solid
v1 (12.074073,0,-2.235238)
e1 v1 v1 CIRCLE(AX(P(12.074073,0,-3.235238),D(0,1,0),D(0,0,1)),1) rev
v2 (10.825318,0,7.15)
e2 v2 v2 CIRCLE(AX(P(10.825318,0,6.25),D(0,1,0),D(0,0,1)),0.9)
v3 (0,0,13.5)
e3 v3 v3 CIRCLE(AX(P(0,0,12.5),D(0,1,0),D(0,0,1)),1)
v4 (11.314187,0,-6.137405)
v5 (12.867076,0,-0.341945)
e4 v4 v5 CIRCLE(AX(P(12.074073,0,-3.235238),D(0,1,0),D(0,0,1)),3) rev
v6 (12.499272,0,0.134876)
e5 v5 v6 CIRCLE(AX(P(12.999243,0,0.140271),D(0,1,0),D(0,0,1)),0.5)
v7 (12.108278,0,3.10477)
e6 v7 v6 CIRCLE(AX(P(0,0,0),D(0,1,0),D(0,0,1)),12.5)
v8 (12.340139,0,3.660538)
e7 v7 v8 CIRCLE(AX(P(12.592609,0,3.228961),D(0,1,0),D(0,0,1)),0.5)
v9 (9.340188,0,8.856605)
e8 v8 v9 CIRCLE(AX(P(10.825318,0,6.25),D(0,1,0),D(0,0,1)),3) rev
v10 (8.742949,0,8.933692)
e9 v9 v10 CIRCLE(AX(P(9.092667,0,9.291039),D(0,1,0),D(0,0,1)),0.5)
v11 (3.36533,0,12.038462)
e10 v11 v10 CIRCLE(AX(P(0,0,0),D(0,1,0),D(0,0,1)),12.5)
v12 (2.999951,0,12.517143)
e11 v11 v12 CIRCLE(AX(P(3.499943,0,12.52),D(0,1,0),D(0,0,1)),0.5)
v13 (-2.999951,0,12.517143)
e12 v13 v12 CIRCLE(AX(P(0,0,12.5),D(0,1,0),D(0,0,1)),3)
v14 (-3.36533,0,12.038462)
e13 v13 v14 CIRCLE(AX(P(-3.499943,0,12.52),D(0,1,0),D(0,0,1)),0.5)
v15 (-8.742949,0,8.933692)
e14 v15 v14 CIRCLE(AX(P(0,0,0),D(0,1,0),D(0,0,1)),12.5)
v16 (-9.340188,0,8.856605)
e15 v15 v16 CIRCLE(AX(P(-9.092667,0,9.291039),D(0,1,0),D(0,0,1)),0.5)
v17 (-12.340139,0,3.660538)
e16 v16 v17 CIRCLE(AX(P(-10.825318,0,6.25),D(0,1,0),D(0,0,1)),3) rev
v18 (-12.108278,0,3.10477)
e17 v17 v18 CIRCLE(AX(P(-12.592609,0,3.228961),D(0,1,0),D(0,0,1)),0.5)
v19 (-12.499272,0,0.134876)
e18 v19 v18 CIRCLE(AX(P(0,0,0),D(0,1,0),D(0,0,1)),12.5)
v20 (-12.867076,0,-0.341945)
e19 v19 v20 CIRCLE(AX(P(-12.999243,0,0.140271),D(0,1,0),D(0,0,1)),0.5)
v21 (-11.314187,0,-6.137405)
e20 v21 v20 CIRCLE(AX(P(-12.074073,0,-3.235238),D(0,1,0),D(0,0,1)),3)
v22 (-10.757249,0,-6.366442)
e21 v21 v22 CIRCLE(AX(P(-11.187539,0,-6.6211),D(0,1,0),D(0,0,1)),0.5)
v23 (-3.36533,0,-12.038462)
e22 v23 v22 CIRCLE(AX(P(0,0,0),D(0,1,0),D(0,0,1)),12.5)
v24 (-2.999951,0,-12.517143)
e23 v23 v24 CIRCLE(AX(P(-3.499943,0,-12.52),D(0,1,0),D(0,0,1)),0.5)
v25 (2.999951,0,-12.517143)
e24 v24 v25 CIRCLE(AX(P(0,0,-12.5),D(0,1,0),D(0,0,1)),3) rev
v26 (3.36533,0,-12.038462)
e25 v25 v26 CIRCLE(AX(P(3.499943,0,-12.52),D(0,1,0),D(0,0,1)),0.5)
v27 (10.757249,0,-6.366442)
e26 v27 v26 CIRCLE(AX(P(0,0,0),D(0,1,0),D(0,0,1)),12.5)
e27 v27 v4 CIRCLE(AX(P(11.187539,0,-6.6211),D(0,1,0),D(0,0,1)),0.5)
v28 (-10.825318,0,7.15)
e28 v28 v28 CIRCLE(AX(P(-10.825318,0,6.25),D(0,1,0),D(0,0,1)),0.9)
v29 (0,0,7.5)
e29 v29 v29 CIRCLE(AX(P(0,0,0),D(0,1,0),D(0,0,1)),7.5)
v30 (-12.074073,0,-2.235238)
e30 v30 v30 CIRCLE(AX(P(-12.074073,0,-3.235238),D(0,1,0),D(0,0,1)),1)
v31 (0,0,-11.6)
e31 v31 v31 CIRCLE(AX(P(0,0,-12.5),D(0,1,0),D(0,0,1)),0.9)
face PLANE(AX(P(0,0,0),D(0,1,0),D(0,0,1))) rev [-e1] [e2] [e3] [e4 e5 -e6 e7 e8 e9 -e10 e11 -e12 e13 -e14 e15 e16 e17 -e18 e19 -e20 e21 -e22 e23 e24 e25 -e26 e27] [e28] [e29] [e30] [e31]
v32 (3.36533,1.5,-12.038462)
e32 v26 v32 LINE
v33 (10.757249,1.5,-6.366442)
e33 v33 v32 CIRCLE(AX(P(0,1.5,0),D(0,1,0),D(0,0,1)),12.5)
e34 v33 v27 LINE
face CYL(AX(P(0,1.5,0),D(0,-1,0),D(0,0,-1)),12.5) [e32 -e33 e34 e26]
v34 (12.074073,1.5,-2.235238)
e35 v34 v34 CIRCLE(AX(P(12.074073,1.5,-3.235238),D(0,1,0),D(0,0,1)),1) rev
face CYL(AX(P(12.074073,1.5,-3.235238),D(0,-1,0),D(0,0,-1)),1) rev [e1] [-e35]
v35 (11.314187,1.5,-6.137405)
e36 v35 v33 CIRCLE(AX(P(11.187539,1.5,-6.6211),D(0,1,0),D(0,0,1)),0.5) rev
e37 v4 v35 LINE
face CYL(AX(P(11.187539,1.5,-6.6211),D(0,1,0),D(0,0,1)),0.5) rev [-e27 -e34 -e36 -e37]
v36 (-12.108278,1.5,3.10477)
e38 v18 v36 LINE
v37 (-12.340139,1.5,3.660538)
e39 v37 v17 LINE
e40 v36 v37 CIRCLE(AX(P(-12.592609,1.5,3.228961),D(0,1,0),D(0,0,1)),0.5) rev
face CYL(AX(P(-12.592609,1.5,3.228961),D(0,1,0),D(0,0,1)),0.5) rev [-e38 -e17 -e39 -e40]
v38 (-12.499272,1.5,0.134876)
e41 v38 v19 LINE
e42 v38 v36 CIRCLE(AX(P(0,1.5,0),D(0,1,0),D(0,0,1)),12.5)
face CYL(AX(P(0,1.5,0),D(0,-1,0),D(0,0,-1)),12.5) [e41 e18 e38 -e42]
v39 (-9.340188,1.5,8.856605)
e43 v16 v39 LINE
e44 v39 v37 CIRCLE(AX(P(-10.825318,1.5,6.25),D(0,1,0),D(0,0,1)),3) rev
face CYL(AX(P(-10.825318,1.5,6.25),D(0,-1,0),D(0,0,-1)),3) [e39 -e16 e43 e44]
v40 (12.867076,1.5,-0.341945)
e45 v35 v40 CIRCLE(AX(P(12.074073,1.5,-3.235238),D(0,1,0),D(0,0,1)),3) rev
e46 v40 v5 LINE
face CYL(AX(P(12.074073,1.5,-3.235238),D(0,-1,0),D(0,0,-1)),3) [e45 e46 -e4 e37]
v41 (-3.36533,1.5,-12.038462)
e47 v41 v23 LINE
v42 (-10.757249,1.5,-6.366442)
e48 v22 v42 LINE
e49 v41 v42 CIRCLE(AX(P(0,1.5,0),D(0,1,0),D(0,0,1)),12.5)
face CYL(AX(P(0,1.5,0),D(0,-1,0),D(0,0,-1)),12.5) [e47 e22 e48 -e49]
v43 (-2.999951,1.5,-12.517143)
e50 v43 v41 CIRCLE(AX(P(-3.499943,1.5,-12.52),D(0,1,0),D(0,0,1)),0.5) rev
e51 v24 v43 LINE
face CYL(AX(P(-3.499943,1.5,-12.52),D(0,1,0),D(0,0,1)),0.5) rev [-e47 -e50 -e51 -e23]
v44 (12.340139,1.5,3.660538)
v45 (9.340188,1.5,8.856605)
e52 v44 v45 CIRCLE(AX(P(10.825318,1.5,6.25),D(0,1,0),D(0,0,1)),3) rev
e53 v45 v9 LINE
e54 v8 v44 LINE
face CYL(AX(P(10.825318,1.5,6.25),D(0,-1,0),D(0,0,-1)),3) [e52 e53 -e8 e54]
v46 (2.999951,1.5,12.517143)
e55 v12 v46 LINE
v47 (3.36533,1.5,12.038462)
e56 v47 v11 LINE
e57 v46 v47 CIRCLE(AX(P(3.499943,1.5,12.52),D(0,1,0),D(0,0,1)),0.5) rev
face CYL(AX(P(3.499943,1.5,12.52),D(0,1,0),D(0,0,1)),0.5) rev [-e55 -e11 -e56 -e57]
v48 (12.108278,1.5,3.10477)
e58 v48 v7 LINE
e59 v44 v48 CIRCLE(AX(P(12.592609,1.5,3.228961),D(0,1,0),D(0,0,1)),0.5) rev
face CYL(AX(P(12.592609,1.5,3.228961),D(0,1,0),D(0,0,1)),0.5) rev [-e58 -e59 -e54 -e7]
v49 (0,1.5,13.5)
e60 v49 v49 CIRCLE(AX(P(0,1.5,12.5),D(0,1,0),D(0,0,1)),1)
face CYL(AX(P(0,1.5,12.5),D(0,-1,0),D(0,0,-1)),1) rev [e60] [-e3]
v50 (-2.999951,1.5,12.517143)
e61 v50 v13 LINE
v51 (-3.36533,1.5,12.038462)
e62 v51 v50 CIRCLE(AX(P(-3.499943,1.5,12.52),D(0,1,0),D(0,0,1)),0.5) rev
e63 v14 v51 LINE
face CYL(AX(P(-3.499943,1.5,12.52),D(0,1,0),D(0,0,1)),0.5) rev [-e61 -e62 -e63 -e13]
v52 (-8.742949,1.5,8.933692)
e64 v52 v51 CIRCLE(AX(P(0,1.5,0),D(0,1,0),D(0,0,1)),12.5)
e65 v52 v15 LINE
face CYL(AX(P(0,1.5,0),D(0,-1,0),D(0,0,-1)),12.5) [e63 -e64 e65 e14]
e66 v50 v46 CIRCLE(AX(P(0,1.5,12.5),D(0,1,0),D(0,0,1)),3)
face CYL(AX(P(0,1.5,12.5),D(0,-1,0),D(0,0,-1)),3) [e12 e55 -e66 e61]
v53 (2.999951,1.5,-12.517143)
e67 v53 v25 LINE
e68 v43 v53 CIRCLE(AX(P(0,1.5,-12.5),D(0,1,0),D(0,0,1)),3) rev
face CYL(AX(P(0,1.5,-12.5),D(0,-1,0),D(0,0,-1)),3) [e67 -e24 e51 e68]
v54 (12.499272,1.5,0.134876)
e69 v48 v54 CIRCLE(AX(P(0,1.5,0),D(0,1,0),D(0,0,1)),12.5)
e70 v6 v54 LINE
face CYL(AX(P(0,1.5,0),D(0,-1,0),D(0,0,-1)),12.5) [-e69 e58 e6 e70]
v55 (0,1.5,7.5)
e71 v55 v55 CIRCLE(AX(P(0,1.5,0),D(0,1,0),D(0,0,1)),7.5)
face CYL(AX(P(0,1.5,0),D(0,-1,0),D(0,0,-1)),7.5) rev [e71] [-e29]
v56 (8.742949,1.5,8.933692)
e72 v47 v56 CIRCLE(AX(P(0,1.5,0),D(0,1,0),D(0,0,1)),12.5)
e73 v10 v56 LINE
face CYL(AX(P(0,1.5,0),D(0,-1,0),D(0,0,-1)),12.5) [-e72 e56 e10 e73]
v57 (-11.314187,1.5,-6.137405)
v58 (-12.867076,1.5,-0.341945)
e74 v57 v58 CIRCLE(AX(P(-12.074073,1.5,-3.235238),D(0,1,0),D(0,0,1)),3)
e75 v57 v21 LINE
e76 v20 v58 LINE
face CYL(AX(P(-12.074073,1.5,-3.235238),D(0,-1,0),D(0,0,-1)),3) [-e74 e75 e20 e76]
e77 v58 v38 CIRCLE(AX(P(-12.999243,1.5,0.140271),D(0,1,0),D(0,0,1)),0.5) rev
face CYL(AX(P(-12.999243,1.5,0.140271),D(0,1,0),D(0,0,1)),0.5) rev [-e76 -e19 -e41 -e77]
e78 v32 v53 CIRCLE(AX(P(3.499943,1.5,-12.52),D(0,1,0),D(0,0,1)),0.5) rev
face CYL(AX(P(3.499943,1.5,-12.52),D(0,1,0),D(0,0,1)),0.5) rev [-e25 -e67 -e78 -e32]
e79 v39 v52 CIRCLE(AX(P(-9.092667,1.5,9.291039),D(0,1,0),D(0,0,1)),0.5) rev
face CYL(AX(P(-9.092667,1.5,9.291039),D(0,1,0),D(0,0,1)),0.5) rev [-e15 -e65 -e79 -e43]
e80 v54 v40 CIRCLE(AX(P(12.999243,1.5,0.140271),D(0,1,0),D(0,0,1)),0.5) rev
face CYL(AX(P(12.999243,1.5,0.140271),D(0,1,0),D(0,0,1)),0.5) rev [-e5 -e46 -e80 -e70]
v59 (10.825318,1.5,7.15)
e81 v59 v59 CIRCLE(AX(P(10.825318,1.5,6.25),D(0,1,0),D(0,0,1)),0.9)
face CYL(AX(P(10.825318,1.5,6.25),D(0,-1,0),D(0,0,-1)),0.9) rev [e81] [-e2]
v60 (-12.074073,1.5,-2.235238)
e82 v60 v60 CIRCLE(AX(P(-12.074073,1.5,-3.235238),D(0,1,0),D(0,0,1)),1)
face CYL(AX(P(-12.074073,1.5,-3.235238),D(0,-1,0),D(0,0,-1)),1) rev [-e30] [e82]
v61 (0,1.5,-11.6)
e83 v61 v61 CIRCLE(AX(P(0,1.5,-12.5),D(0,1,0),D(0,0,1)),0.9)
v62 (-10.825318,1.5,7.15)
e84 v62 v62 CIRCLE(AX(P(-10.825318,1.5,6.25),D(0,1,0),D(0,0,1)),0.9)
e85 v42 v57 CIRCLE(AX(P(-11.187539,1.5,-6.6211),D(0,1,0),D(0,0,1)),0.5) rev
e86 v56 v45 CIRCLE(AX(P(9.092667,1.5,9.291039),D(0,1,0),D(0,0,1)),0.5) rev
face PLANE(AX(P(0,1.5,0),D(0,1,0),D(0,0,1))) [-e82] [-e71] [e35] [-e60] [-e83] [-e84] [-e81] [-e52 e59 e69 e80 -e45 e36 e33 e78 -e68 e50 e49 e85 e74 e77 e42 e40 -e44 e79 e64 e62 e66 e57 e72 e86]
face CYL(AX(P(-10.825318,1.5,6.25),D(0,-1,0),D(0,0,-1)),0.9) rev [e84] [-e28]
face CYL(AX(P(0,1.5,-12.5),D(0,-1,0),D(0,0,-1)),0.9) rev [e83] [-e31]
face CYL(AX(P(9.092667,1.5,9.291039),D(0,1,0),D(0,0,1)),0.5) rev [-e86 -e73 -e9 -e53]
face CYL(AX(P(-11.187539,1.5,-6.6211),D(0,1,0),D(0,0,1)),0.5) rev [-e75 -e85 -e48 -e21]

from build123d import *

# Parameters (mm, degrees)
BOSS_EXTRUDE1_DEPTH = 1.5
FILLET1_R           = 0.5


with BuildPart() as part:
    # Sketch1 → Boss-Extrude1 (new body)
    with BuildSketch(Plane(origin=(0, 0, 0), x_dir=(1, 0, 0), z_dir=(0, 1, 0))):
        with BuildLine():
            ThreePointArc((0.899416611, 12.4676), (1.956802124, 12.345886985), (3, 12.1346611))
            Line((3, 12.1346611), (3, 12.5))
            ThreePointArc((3, 12.5), (0, 15.5), (-3, 12.5))
            Line((-3, 12.5), (-3, 12.1346611))
            ThreePointArc((-3, 12.1346611), (-1.956802124, 12.345886985), (-0.899416611, 12.4676))
            ThreePointArc((-0.899416611, 12.4676), (-0.016202626, 13.399854141), (0.9, 12.5))
            ThreePointArc((0.9, 12.5), (0.899854141, 12.483797374), (0.899416611, 12.4676))
        make_face()
        with BuildLine():
            ThreePointArc((-3, 6.873863542), (0, 7.5), (3, 6.873863542))
            Line((3, 6.873863542), (3, 12.1346611))
            ThreePointArc((3, 12.1346611), (1.956802124, 12.345886985), (0.899416611, 12.4676))
            ThreePointArc((0.899416611, 12.4676), (0, 11.6), (-0.899416611, 12.4676))
            ThreePointArc((-0.899416611, 12.4676), (-1.956802124, 12.345886985), (-3, 12.1346611))
            Line((-3, 12.1346611), (-3, 6.873863542))
        make_face()
        with BuildLine():
            Line((3, 12.1346611), (3, 6.873863542))
            ThreePointArc((3, 6.873863542), (4.565710718, 5.950150052), (5.863185187, 4.676864277))
            Line((5.863185187, 4.676864277), (10.944725414, 6.038458877))
            ThreePointArc((10.944725414, 6.038458877), (7.609517863, 9.916916754), (3, 12.1346611))
        make_face()
        with BuildLine():
            ThreePointArc((7.5, 0), (7.48822587, -0.420087268), (7.45294045, -0.83885556))
            Line((7.45294045, -0.83885556), (7.772310826, -1.023244132))
            Line((7.772310826, -1.023244132), (12.497639685, 0.24290392))
            ThreePointArc((12.497639685, 0.24290392), (12.43679381, 1.255451998), (12.294047703, 2.259732526))
            ThreePointArc((12.294047703, 2.259732526), (11.108147002, 2.976419019), (11.776823889, 4.190038078))
            ThreePointArc((11.776823889, 4.190038078), (11.39830538, 5.131143582), (10.944725414, 6.038458877))
            Line((10.944725414, 6.038458877), (5.863185187, 4.676864277))
            ThreePointArc((5.863185187, 4.676864277), (7.078979054, 2.477509949), (7.5, 0))
        make_face()
        with BuildLine():
            ThreePointArc((12.294047703, 2.259732526), (12.43679381, 1.255451998), (12.497639685, 0.24290392))
            Line((12.497639685, 0.24290392), (12.850529964, 0.337460585))
            ThreePointArc((12.850529964, 0.337460585), (14.971850307, 4.011695199), (11.297615693, 6.133015543))
            Line((11.297615693, 6.133015543), (10.944725414, 6.038458877))
            ThreePointArc((10.944725414, 6.038458877), (11.39830538, 5.131143582), (11.776823889, 4.190038078))
            ThreePointArc((11.776823889, 4.190038078), (12.666842202, 4.040610319), (13.074072829, 3.235238064))
            ThreePointArc((13.074072829, 3.235238064), (12.855089754, 2.610728206), (12.294047703, 2.259732526))
        make_face()
        with BuildLine():
            Line((12.497639685, 0.24290392), (7.772310826, -1.023244132))
            Line((7.772310826, -1.023244132), (12.008924778, -3.469254338))
            ThreePointArc((12.008924778, -3.469254338), (12.376622312, -1.751918986), (12.5, 0))
            ThreePointArc((12.5, 0), (12.499409907, 0.121457693), (12.497639685, 0.24290392))
        make_face()
        with BuildLine():
            ThreePointArc((7.45294045, -0.83885556), (7.43583646, -0.978946442), (7.416099457, -1.118690681))
            Line((7.416099457, -1.118690681), (7.772310826, -1.023244132))
            Line((7.772310826, -1.023244132), (7.45294045, -0.83885556))
        make_face()
        with BuildLine():
            Line((7.772310826, -1.023244132), (7.416099457, -1.118690681))
            ThreePointArc((7.416099457, -1.118690681), (6.42347811, -3.871553818), (4.45294045, -6.035007983))
            Line((4.45294045, -6.035007983), (9.008924778, -8.665406761))
            ThreePointArc((9.008924778, -8.665406761), (9.713450699, -7.867583842), (10.347550019, -7.012717634))
            ThreePointArc((10.347550019, -7.012717634), (10.045894684, -5.8), (11.24696663, -5.454882366))
            ThreePointArc((11.24696663, -5.454882366), (11.670252823, -4.478303143), (12.008924778, -3.469254338))
            Line((12.008924778, -3.469254338), (7.772310826, -1.023244132))
        make_face()
        with BuildLine():
            ThreePointArc((10.347550019, -7.012717634), (9.713450699, -7.867583842), (9.008924778, -8.665406761))
            Line((9.008924778, -8.665406761), (9.325317547, -8.848076211))
            ThreePointArc((9.325317547, -8.848076211), (13.423393759, -7.75), (12.325317547, -3.651923789))
            Line((12.325317547, -3.651923789), (12.008924778, -3.469254338))
            ThreePointArc((12.008924778, -3.469254338), (11.670252823, -4.478303143), (11.24696663, -5.454882366))
            ThreePointArc((11.24696663, -5.454882366), (11.59651278, -5.786041044), (11.725317547, -6.25))
            ThreePointArc((11.725317547, -6.25), (11.261212732, -7.037397859), (10.347550019, -7.012717634))
        make_face()
        with BuildLine():
            ThreePointArc((4.45294045, -6.035007983), (3.75, -6.495190528), (3, -6.873863542))
            Line((3, -6.873863542), (3, -12.1346611))
            ThreePointArc((3, -12.1346611), (6.25, -10.825317547), (9.008924778, -8.665406761))
            Line((9.008924778, -8.665406761), (4.45294045, -6.035007983))
        make_face()
        with BuildLine():
            Line((3, -12.1346611), (3, -6.873863542))
            ThreePointArc((3, -6.873863542), (0, -7.5), (-3, -6.873863542))
            Line((-3, -6.873863542), (-3, -12.1346611))
            ThreePointArc((-3, -12.1346611), (-2.00620559, -12.337955225), (-0.99919968, -12.46))
            ThreePointArc((-0.99919968, -12.46), (0, -11.5), (0.99919968, -12.46))
            ThreePointArc((0.99919968, -12.46), (2.00620559, -12.337955225), (3, -12.1346611))
        make_face()
        with BuildLine():
            Line((3, -12.5), (3, -12.1346611))
            ThreePointArc((3, -12.1346611), (2.00620559, -12.337955225), (0.99919968, -12.46))
            ThreePointArc((0.99919968, -12.46), (0.9997999, -12.479995997), (1, -12.5))
            ThreePointArc((1, -12.5), (-0.020004003, -13.4997999), (-0.99919968, -12.46))
            ThreePointArc((-0.99919968, -12.46), (-2.00620559, -12.337955225), (-3, -12.1346611))
            Line((-3, -12.1346611), (-3, -12.5))
            ThreePointArc((-3, -12.5), (0, -15.5), (3, -12.5))
        make_face()
        with BuildLine():
            Line((-3, -12.1346611), (-3, -6.873863542))
            ThreePointArc((-3, -6.873863542), (-3.75, -6.495190528), (-4.45294045, -6.035007983))
            Line((-4.45294045, -6.035007983), (-9.008924778, -8.665406761))
            ThreePointArc((-9.008924778, -8.665406761), (-6.25, -10.825317547), (-3, -12.1346611))
        make_face()
        with BuildLine():
            Line((-9.008924778, -8.665406761), (-4.45294045, -6.035007983))
            ThreePointArc((-4.45294045, -6.035007983), (-6.42347811, -3.871553818), (-7.416099457, -1.118690681))
            Line((-7.416099457, -1.118690681), (-7.772310826, -1.023244132))
            Line((-7.772310826, -1.023244132), (-12.008924778, -3.469254338))
            ThreePointArc((-12.008924778, -3.469254338), (-11.670252823, -4.478303143), (-11.24696663, -5.454882366))
            ThreePointArc((-11.24696663, -5.454882366), (-10.361358591, -5.478804767), (-9.925317547, -6.25))
            ThreePointArc((-9.925317547, -6.25), (-10.037919689, -6.685895185), (-10.347550019, -7.012717634))
            ThreePointArc((-10.347550019, -7.012717634), (-9.713450699, -7.867583842), (-9.008924778, -8.665406761))
        make_face()
        with BuildLine():
            Line((-9.325317547, -8.848076211), (-9.008924778, -8.665406761))
            ThreePointArc((-9.008924778, -8.665406761), (-9.713450699, -7.867583842), (-10.347550019, -7.012717634))
            ThreePointArc((-10.347550019, -7.012717634), (-11.604740411, -6.7), (-11.24696663, -5.454882366))
            ThreePointArc((-11.24696663, -5.454882366), (-11.670252823, -4.478303143), (-12.008924778, -3.469254338))
            Line((-12.008924778, -3.469254338), (-12.325317547, -3.651923789))
            ThreePointArc((-12.325317547, -3.651923789), (-13.423393759, -7.75), (-9.325317547, -8.848076211))
        make_face()
        with BuildLine():
            Line((-7.772310826, -1.023244132), (-7.416099457, -1.118690681))
            ThreePointArc((-7.416099457, -1.118690681), (-7.43583646, -0.978946442), (-7.45294045, -0.83885556))
            Line((-7.45294045, -0.83885556), (-7.772310826, -1.023244132))
        make_face()
        with BuildLine():
            Line((-12.008924778, -3.469254338), (-7.772310826, -1.023244132))
            Line((-7.772310826, -1.023244132), (-12.497639685, 0.24290392))
            ThreePointArc((-12.497639685, 0.24290392), (-12.393060767, -1.631577403), (-12.008924778, -3.469254338))
        make_face()
        with BuildLine():
            ThreePointArc((-7.45294045, -0.83885556), (-7.206635264, 2.07711535), (-5.863185187, 4.676864277))
            Line((-5.863185187, 4.676864277), (-10.944725414, 6.038458877))
            ThreePointArc((-10.944725414, 6.038458877), (-11.39830538, 5.131143582), (-11.776823889, 4.190038078))
            ThreePointArc((-11.776823889, 4.190038078), (-11.268700573, 3.828007437), (-11.074072829, 3.235238064))
            ThreePointArc((-11.074072829, 3.235238064), (-11.44956297, 2.454221139), (-12.294047703, 2.259732526))
            ThreePointArc((-12.294047703, 2.259732526), (-12.43679381, 1.255451998), (-12.497639685, 0.24290392))
            Line((-12.497639685, 0.24290392), (-7.772310826, -1.023244132))
            Line((-7.772310826, -1.023244132), (-7.45294045, -0.83885556))
        make_face()
        with BuildLine():
            ThreePointArc((-11.776823889, 4.190038078), (-11.39830538, 5.131143582), (-10.944725414, 6.038458877))
            Line((-10.944725414, 6.038458877), (-11.297615693, 6.133015543))
            ThreePointArc((-11.297615693, 6.133015543), (-14.971850307, 4.011695199), (-12.850529964, 0.337460585))
            Line((-12.850529964, 0.337460585), (-12.497639685, 0.24290392))
            ThreePointArc((-12.497639685, 0.24290392), (-12.43679381, 1.255451998), (-12.294047703, 2.259732526))
            ThreePointArc((-12.294047703, 2.259732526), (-13.039998655, 3.494057109), (-11.776823889, 4.190038078))
        make_face()
        with BuildLine():
            ThreePointArc((-5.863185187, 4.676864277), (-4.565710718, 5.950150052), (-3, 6.873863542))
            Line((-3, 6.873863542), (-3, 12.1346611))
            ThreePointArc((-3, 12.1346611), (-7.609517863, 9.916916754), (-10.944725414, 6.038458877))
            Line((-10.944725414, 6.038458877), (-5.863185187, 4.676864277))
        make_face()
    extrude(amount=BOSS_EXTRUDE1_DEPTH)

    # Fillet1
    fillet1_edges = [part.edges().sort_by_distance(p)[0] for p in [
        (-3, 0.75, 12.1346611),
        (3, 0.75, 12.1346611),
        (9.008924778, 0.75, 8.665406761),
        (12.008924778, 0.75, 3.469254338),
        (12.497639685, 0.75, -0.24290392),
        (10.944725414, 0.75, -6.038458877),
        (3, 0.75, -12.1346611),
        (-3, 0.75, -12.1346611),
        (-10.944725414, 0.75, -6.038458877),
        (-12.497639685, 0.75, -0.24290392),
        (-12.008924778, 0.75, 3.469254338),
        (-9.008924778, 0.75, 8.665406761),
    ]]
    fillet(fillet1_edges, radius=FILLET1_R)


solid = part.part
